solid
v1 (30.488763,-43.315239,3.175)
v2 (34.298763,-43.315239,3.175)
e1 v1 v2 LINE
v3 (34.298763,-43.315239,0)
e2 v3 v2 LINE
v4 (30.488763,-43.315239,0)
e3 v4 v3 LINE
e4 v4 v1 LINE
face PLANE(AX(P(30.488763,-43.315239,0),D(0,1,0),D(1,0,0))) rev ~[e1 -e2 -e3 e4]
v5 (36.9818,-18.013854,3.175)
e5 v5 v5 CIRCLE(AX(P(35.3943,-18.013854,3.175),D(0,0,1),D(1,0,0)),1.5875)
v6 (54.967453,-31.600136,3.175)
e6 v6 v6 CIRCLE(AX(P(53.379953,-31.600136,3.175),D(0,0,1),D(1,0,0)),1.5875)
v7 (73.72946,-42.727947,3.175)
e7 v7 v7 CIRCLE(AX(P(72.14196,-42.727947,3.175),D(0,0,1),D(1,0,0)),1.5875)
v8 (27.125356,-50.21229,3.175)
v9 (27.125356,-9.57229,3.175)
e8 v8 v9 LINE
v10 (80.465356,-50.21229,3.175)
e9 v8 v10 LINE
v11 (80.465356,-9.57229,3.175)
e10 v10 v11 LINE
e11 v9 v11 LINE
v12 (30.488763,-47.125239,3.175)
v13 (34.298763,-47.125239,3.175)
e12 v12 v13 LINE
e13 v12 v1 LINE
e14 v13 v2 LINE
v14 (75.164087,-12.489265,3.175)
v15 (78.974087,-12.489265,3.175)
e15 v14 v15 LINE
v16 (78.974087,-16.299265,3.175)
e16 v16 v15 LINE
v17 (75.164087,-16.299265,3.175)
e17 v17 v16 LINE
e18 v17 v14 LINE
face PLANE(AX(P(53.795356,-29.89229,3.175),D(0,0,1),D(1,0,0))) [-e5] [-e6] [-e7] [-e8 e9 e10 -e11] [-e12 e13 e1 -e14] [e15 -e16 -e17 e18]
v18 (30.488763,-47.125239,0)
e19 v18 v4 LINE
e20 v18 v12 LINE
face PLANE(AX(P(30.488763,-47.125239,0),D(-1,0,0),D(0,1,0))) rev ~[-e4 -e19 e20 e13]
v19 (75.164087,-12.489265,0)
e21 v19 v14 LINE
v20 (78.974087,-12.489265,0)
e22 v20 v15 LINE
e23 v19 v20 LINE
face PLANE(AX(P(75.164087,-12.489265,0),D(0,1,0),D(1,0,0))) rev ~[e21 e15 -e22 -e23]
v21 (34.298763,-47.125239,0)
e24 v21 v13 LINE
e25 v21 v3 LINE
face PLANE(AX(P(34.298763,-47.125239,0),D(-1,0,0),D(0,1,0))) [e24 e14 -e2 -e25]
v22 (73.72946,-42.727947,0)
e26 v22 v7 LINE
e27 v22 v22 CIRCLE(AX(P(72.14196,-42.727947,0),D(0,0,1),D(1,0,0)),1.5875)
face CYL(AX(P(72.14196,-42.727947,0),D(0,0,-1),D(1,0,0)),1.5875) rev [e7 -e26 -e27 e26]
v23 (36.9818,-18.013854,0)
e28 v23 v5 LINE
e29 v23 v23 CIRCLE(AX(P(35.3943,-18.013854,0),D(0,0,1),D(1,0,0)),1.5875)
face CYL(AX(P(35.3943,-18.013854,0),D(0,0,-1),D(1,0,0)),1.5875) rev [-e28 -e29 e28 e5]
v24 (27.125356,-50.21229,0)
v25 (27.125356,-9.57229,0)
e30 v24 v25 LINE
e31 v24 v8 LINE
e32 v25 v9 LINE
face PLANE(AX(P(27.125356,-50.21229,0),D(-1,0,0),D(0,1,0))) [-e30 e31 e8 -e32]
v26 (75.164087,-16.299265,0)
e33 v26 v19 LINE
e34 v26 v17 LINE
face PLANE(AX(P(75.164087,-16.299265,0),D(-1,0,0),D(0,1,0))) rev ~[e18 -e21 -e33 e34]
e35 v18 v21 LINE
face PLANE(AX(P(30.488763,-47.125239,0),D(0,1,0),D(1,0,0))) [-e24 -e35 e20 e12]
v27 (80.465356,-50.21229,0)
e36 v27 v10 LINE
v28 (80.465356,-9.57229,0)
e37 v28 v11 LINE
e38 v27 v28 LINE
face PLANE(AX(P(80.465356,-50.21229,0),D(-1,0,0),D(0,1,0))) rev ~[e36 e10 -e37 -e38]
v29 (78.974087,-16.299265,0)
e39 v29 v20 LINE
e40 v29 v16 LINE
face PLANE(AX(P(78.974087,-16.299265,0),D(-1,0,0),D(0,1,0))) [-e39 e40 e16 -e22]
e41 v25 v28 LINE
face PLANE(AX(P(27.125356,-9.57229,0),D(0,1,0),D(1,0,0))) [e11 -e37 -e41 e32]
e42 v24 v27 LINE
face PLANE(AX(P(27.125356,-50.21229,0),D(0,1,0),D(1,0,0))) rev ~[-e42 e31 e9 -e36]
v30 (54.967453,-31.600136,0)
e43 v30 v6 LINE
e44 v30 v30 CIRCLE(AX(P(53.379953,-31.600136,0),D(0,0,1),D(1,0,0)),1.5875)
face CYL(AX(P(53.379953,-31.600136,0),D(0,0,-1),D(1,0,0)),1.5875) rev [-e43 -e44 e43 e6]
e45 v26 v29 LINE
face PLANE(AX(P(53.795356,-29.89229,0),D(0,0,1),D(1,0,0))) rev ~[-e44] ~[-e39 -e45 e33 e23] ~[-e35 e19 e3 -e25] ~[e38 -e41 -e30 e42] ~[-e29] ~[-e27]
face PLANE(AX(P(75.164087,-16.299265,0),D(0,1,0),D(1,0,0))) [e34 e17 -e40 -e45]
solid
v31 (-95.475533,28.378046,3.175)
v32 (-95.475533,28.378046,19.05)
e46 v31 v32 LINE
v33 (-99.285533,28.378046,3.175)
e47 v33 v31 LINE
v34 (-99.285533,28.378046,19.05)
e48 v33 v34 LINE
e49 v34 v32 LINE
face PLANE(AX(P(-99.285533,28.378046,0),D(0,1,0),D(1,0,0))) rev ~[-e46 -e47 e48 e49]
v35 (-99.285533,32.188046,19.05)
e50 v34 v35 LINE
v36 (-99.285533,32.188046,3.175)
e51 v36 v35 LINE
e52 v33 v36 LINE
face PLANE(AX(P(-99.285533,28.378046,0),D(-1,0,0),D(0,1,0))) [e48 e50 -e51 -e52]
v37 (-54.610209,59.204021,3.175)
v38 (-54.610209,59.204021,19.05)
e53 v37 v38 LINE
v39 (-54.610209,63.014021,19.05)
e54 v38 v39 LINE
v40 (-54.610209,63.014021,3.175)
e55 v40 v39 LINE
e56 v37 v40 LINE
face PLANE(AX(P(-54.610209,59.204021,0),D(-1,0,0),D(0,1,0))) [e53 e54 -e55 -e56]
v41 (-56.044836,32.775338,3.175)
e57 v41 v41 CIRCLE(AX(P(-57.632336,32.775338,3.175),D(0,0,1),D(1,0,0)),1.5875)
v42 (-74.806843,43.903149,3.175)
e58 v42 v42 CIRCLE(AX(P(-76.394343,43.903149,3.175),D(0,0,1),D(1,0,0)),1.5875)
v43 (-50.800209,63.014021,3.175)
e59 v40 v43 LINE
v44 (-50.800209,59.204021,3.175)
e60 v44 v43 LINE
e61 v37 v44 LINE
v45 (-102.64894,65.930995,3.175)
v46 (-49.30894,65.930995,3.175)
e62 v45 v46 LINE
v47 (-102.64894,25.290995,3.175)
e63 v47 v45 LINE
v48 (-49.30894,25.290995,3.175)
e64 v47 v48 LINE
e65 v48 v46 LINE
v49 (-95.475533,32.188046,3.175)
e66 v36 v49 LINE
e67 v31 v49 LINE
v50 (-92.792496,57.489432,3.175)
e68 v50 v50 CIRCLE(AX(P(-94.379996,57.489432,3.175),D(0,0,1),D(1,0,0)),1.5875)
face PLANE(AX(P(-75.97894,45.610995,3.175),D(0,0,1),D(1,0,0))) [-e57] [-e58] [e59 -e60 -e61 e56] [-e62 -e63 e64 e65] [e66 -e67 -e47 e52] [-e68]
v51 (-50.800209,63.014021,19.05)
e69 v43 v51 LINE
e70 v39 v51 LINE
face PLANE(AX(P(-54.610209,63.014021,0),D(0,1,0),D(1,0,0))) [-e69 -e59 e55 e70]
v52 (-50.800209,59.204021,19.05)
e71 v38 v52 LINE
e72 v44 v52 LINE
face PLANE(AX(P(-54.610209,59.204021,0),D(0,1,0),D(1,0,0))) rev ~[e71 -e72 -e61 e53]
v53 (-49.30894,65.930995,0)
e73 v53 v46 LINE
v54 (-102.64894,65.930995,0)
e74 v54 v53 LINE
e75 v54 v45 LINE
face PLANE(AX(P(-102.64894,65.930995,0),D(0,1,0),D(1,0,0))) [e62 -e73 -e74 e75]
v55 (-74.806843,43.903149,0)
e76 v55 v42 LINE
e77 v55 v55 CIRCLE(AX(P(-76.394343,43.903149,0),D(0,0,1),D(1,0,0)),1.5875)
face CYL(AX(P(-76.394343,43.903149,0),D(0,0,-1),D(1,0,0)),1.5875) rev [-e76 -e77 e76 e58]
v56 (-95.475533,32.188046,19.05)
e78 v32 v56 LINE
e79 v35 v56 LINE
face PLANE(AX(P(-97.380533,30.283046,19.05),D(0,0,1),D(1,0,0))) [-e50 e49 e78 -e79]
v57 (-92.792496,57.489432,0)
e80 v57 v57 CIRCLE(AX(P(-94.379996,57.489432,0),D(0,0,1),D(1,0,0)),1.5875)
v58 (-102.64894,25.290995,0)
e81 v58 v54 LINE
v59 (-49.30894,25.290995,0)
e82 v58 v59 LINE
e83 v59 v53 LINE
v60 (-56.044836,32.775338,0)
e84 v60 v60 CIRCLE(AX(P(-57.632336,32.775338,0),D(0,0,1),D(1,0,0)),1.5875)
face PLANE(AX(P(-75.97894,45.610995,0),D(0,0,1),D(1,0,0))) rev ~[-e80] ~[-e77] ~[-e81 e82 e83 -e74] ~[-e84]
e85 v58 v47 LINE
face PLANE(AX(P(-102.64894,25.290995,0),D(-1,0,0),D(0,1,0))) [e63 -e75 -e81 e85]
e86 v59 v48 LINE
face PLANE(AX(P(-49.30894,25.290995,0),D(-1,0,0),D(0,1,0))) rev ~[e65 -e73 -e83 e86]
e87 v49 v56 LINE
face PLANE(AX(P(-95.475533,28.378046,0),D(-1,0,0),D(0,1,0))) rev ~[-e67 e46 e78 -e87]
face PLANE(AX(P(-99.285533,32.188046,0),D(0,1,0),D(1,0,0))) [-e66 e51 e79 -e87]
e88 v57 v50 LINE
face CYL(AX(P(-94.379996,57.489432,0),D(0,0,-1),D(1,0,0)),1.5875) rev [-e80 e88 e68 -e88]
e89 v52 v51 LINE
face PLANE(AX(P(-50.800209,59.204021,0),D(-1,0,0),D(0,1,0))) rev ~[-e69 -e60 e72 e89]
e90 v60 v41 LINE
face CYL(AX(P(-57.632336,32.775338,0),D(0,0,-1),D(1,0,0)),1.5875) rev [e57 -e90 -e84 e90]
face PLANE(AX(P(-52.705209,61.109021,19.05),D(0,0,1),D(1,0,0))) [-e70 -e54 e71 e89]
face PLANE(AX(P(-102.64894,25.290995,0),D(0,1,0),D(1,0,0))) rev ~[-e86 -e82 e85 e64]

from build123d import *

# Parameters (mm, degrees)
F0_W     = 53.34
F0_H     = 40.64
F0_W_2   = 3.81
F0_H_2   = 3.81
F0_R     = 5.715
F0_R_2   = 15.877972
F0_R_3   = 6.35
F0_R_4   = 1.5875
F1_DEPTH = 3.175
F2_DEPTH = 3.175
F3_DEPTH = 19.05


with BuildPart() as f1:
    # F0 (on Top) → F1 (new body)
    with BuildSketch(Plane.XY):
        with Locations((53.795356, -29.89229)):
            Rectangle(F0_W, F0_H)
        with Locations((32.393763, -45.220239)):
            Rectangle(F0_W_2, F0_H_2, mode=Mode.SUBTRACT)
        with Locations((72.14196, -42.727947)):
            Circle(F0_R, mode=Mode.SUBTRACT)
        with Locations((53.379953, -31.600136)):
            Circle(F0_R_2, mode=Mode.SUBTRACT)
        with Locations((35.3943, -18.013854)):
            Circle(F0_R_3, mode=Mode.SUBTRACT)
        with Locations((77.069087, -14.394265)):
            Rectangle(F0_W_2, F0_H_2, mode=Mode.SUBTRACT)
        with Locations((53.379953, -31.600136)):
            Circle(F0_R_2)
        with Locations((53.379953, -31.600136)):
            Circle(F0_R_4, mode=Mode.SUBTRACT)
        with Locations((72.14196, -42.727947)):
            Circle(F0_R)
        with Locations((72.14196, -42.727947)):
            Circle(F0_R_4, mode=Mode.SUBTRACT)
        with Locations((35.3943, -18.013854)):
            Circle(F0_R_3)
        with Locations((35.3943, -18.013854)):
            Circle(F0_R_4, mode=Mode.SUBTRACT)
    extrude(amount=F1_DEPTH)


with BuildPart() as f2:
    # F0 (on Top) → F2 (new body)
    with BuildSketch(Plane.XY):
        with Locations((-75.97894, 45.610995)):
            Rectangle(F0_W, F0_H)
        with Locations((-97.380533, 30.283046)):
            Rectangle(F0_W_2, F0_H_2, mode=Mode.SUBTRACT)
        with Locations((-57.632336, 32.775338)):
            Circle(F0_R, mode=Mode.SUBTRACT)
        with Locations((-76.394343, 43.903149)):
            Circle(F0_R_2, mode=Mode.SUBTRACT)
        with Locations((-94.379996, 57.489432)):
            Circle(F0_R_3, mode=Mode.SUBTRACT)
        with Locations((-52.705209, 61.109021)):
            Rectangle(F0_W_2, F0_H_2, mode=Mode.SUBTRACT)
        with Locations((-57.632336, 32.775338)):
            Circle(F0_R)
        with Locations((-57.632336, 32.775338)):
            Circle(F0_R_4, mode=Mode.SUBTRACT)
        with Locations((-76.394343, 43.903149)):
            Circle(F0_R_2)
        with Locations((-76.394343, 43.903149)):
            Circle(F0_R_4, mode=Mode.SUBTRACT)
        with Locations((-94.379996, 57.489432)):
            Circle(F0_R_3)
        with Locations((-94.379996, 57.489432)):
            Circle(F0_R_4, mode=Mode.SUBTRACT)
    extrude(amount=F2_DEPTH)

    # F0 (on Top) → F3 (join)
    with BuildSketch(Plane.XY):
        with Locations((-97.380533, 30.283046)):
            Rectangle(F0_W_2, F0_H_2)
        with Locations((-52.705209, 61.109021)):
            Rectangle(F0_W_2, F0_H_2)
    extrude(amount=F3_DEPTH)


solid = Compound([f1.part, f2.part])
